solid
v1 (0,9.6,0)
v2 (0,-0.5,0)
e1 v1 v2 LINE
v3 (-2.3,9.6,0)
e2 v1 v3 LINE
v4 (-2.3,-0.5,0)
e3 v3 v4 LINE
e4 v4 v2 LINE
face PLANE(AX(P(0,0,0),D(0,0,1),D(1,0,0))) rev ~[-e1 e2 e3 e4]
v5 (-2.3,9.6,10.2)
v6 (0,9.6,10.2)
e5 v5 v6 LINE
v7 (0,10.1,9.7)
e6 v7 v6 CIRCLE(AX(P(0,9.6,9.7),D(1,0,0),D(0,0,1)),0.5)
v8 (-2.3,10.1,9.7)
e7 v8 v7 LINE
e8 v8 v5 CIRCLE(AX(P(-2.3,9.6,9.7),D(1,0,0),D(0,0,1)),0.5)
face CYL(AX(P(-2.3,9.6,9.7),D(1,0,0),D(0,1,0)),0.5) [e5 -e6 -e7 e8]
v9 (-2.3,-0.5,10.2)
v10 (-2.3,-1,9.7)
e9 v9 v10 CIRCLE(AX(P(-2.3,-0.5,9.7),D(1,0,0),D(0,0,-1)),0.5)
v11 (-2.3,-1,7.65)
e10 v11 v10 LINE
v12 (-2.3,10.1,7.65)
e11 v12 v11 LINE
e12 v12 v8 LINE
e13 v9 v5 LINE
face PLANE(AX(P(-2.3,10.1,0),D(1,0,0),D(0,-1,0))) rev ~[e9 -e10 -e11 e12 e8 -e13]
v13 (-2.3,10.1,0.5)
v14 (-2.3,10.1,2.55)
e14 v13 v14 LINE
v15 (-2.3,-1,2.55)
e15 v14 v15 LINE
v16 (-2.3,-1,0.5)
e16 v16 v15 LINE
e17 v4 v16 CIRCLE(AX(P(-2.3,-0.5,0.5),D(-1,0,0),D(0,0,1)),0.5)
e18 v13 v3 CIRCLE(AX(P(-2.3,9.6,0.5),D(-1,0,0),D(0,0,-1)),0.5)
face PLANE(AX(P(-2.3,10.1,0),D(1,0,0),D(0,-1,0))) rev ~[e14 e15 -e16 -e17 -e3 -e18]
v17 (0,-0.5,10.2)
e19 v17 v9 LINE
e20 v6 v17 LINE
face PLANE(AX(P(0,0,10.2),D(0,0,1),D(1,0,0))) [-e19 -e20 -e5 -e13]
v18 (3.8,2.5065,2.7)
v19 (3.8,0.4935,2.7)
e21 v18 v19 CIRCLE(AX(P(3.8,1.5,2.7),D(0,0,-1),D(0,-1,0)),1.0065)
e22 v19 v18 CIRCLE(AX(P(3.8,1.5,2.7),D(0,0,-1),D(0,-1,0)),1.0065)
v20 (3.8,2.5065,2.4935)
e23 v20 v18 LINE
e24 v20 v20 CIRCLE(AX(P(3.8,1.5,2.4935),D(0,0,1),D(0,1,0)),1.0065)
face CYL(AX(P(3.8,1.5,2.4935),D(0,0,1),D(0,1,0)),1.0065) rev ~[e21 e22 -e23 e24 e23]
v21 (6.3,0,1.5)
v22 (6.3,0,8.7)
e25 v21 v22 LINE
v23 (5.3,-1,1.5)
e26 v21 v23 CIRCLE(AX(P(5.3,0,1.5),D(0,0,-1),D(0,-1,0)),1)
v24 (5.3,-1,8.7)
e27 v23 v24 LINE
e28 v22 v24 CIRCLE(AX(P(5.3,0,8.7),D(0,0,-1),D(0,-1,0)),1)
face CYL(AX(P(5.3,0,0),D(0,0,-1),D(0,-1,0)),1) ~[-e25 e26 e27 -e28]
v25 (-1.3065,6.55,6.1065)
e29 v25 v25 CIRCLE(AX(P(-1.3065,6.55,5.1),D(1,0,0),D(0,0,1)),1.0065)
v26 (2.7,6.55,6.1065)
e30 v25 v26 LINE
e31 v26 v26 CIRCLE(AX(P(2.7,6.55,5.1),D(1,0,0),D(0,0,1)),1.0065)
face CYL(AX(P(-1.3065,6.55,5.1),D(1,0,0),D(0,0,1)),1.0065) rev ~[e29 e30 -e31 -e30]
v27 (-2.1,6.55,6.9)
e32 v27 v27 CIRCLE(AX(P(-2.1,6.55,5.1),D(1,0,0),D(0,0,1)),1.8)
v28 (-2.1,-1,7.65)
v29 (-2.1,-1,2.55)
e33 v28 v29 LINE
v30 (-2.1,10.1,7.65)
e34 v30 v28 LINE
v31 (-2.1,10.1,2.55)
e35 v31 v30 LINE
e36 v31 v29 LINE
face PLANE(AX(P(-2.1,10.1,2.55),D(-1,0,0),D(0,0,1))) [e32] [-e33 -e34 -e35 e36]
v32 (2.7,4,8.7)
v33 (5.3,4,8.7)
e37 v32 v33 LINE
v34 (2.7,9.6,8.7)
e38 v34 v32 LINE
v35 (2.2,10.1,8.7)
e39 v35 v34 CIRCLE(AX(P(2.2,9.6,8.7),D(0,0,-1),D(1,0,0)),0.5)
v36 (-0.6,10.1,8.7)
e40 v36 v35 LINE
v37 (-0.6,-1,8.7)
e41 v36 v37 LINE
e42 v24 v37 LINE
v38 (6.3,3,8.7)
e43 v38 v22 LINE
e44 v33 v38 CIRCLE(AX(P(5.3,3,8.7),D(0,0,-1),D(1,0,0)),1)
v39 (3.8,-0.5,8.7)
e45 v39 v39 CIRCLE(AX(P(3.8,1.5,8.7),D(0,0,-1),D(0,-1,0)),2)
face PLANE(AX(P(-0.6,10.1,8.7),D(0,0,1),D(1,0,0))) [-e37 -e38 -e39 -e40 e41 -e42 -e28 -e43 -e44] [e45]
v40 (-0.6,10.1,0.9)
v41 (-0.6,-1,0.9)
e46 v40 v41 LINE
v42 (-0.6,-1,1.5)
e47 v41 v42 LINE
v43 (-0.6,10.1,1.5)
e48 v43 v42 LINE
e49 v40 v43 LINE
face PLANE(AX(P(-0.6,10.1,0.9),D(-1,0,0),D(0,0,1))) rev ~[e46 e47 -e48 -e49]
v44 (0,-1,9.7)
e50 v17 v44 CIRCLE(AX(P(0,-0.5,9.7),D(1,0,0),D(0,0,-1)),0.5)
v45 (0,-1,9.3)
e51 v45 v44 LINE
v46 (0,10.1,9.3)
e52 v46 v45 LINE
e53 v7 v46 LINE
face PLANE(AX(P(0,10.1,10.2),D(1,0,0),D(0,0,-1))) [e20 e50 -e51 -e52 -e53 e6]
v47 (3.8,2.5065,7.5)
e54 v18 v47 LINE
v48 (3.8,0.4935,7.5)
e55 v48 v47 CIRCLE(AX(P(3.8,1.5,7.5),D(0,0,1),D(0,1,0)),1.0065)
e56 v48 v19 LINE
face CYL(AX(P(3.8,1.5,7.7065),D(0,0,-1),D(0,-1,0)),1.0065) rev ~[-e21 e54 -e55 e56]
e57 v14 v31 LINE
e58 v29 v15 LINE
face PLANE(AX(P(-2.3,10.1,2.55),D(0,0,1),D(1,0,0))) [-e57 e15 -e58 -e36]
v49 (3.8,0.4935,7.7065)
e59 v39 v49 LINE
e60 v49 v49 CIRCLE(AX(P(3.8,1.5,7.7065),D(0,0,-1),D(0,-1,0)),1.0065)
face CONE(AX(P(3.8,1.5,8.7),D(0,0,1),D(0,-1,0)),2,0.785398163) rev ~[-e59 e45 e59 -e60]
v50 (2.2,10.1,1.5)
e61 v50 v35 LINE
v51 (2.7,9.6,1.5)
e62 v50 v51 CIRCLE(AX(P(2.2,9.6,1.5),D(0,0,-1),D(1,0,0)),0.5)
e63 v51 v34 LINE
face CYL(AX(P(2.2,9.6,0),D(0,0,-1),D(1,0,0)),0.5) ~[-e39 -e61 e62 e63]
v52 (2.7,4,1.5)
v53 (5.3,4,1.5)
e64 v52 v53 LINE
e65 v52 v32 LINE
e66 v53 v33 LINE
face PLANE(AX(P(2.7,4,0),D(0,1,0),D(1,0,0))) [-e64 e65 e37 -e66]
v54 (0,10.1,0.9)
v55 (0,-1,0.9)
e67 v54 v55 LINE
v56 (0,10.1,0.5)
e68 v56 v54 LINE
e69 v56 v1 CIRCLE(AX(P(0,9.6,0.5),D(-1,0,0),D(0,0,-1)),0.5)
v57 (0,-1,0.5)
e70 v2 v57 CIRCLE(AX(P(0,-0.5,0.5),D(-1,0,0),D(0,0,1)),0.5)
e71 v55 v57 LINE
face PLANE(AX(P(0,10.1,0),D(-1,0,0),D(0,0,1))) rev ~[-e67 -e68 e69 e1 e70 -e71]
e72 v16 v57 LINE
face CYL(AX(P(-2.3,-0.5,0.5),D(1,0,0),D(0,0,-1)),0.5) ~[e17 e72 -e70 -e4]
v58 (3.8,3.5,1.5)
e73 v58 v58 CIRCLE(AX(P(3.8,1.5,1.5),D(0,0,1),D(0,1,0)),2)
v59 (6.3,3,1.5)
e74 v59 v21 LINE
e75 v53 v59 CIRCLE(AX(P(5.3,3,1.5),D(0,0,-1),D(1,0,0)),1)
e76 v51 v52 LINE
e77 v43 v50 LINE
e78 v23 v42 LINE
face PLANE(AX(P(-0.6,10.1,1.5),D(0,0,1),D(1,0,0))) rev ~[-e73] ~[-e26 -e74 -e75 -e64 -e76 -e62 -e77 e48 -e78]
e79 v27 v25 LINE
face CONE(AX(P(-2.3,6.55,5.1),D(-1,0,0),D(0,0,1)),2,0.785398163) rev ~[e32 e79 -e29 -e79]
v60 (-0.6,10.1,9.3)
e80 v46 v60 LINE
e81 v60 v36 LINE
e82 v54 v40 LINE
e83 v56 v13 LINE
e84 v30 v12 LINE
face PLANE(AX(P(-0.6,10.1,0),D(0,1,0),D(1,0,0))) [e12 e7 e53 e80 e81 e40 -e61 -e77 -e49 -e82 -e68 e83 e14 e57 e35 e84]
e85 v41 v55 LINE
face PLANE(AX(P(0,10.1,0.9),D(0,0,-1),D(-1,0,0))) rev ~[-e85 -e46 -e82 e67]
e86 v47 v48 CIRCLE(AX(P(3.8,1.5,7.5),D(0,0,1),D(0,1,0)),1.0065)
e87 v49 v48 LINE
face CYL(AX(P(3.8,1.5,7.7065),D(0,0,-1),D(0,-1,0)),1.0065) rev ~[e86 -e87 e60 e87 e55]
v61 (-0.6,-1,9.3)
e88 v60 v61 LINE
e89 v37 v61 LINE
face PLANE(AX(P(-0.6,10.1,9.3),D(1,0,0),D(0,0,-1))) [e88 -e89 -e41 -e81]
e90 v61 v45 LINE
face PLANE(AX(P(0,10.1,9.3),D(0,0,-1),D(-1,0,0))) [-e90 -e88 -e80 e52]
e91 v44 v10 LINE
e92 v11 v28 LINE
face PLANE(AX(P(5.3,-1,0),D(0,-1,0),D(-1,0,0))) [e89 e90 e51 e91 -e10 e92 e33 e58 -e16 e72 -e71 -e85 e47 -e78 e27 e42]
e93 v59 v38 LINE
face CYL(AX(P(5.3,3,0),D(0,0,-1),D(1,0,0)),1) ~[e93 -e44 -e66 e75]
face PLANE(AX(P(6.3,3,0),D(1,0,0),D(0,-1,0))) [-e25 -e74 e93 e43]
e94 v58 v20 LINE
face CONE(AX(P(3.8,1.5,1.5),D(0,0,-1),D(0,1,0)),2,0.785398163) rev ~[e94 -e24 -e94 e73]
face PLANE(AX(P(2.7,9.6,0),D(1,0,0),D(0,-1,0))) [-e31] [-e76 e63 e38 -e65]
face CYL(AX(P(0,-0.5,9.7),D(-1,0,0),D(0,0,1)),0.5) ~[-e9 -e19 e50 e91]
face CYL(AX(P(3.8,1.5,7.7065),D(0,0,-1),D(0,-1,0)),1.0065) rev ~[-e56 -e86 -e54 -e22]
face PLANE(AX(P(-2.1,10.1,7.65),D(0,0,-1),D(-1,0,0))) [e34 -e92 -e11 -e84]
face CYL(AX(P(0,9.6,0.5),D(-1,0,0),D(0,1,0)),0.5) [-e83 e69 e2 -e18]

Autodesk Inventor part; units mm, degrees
ref_plane "YZ Plane" through (0, 0, 0) normal (1, 0, 0) x (0, 1, 0)
ref_plane "XZ Plane" through (0, 0, 0) normal (0, 1, 0) x (-1, 0, 0)
ref_plane "XY Plane" through (0, 0, 0) normal (0, 0, 1) x (1, 0, 0)
sketch "Skizze1" plane through (0, 0, 0) normal (0, 0, 1) x (1, 0, 0)
  line L0 (2.7, 9.6) -> (2.7, 4)
  arc A0 (2.7, 9.6) -> (2.2, 10.1) centre (2.2, 9.6) ccw
  line L1 (-0.6, 10.1) -> (2.2, 10.1)
  line L2 (-2.3, 10.1) -> (-0.6, 10.1)
  line L3 (-2.3, 10.1) -> (-2.3, 9.1)
  line L4 (-2.3, 9.1) -> (-2.3, 0)
  line L5 (-2.3, 0) -> (-2.3, -1)
  line L6 (-0.6, -1) -> (-2.3, -1)
  line L7 (-0.6, -0.995) -> (0, -0.995)
  line L8 (5.3, -1) -> (-0.6, -1)
  arc A1 (5.3, -1) -> (6.3, 0) centre (5.3, 0) ccw
  line L9 (6.3, 3) -> (6.3, 0)
  arc A2 (6.3, 3) -> (5.3, 4) centre (5.3, 3) ccw
  line L10 (2.7, 4) -> (5.3, 4)
  point P0 (0, 0)
extrude "Extrusion1" add sketch "Skizze1" along normal blind 10.2
sketch "Skizze2" plane through (-2.3, 10.1, 0) normal (0, 1, 0) x (1, 0, 0)
  line L0 (0, -10.2) -> (4.5, -10.2) projected
  line L1 (0, 0) -> (0, -10.2) projected
  line L2 (2.3, 0) -> (2.3, -0.9)
  line L3 (2.3, -0.9) -> (1.7, -0.9)
  line L4 (1.7, -0.9) -> (1.7, -1.5)
  line L5 (1.7, -1.5) -> (8.6, -1.5)
  line L6 (8.6, 0) -> (8.6, -10.2) projected
  line L7 (2.3, -10.2) -> (2.3, -9.3)
  line L8 (2.3, -9.3) -> (1.7, -9.3)
  line L9 (1.7, -9.3) -> (1.7, -8.7)
  line L10 (1.7, -8.7) -> (8.6, -8.7)
  line L11 (8.6, -1.5) -> (8.6, 0)
  line L12 (2.3, 0) -> (8.6, 0)
  line L13 (2.3, -10.2) -> (8.6, -10.2)
  line L14 (8.6, -8.7) -> (8.6, -10.2)
  dimension "d2" = 0.9
  dimension "d3" = 0.6
  dimension "d4" = 0.9
  dimension "d5" = 0.6
  dimension "d6" = 2.3
  dimension "d7" = 2.3
  dimension "d8" = 1.7
  dimension "d9" = 0.6
  dimension "d10" = 1.7
extrude "Extrusion2" cut sketch "Skizze2" against normal blind 12
sketch "Skizze3" plane through (2.7, 4, 8.7) normal (1, 0, 0) x (0, 0, -1)
  line L0 (0, 5.6) -> (0, 0) projected
  line L1 (7.2, 0) -> (0, 0) projected
  line L2 (7.2, 0) -> (7.2, 5.6) projected
  line L3 (7.2, 5.6) -> (0, 5.6) projected
  line L4 (7.2, 6.1) -> (0, 6.1) projected
  line L5 (-1.5, -5) -> (-1.5, 6.1) projected
  point P0 (8.7, -4)
  point P1 (3.55, 2.55)
  dimension "d13" = 3.55
  dimension "d14" = 5.05
sketch "Skizze4" plane through (-2.3, -1, 0) normal (-1, 0, 0) x (0, 0, 1)
  line L0 (10.2, 0) -> (10.2, 11.1) projected
  line L1 (0, 11.1) -> (10.2, 11.1) projected
  line L2 (0, 0) -> (0, 11.1) projected
  line L3 (10.2, 11.1) -> (10.2, 0) projected
  line L4 (10.2, 0) -> (0, 0) projected
  line L5 (0, 0) -> (0, 11.1) projected
  line L6 (0, 11.1) -> (10.2, 11.1) projected
  line L7 (10.2, 11.1) -> (10.2, 0) projected
  line L8 (10.2, 0) -> (0, 0) projected
  line L9 (0, 0) -> (0, 11.1) projected
  line L10 (0, 11.1) -> (10.2, 11.1) projected
  line L11 (10.2, 0) -> (10.2, 11.1) projected
  line L12 (0, 11.1) -> (10.2, 11.1) projected
  line L13 (0, 0) -> (0, 11.1) projected
  line L14 (0, 0) -> (10.2, 0) projected
  line L15 (8.7, 10.6) -> (8.7, 5) projected
  line L16 (1.5, 5) -> (8.7, 5) projected
  line L17 (1.5, 5) -> (1.5, 10.6) projected
  line L18 (1.5, 10.6) -> (8.7, 10.6) projected
  point P0 (0, 1)
  point P1 (5.1, 7.55)
  dimension "d15" = 3.55
  dimension "d16" = 5.1
  dimension "d17" = 5.1
hole "Hole1" at (-2.3, 6.55, 5.1) direction (1, 0, 0) diameter 2.013 end through all countersink diameter 4 countersink angle 90 thread size "M2.5x0.45" class "6H" standard "ANSI Metric M Profile"
sketch "Skizze5" plane through (2.2, 10.1, 1.5) normal (0, 0, -1) x (-1, 0, 0)
  line L0 (-4.1, -10.1) -> (-4.1, -7.1) projected
  line L1 (2.8, -11.1) -> (-3.1, -11.1) projected
  line L2 (-3.1, -6.1) -> (-0.5, -6.1) projected
  line L3 (2.2, 0) -> (2.2, -11.1) projected
  point P0 (2.2, -10.1)
  point P1 (-1.6, -8.6)
  dimension "d25" = 2.5
  dimension "d26" = 2.5
  dimension "d27" = 2.5
  dimension "d28" = 3.8
sketch "Skizze6" plane through (-0.6, 10.1, 8.7) normal (0, 0, 1) x (1, 0, 0)
  line L0 (6.9, -7.1) -> (6.9, -10.1) projected
  line L1 (3.3, -6.1) -> (5.9, -6.1) projected
  line L2 (0.6, -11.1) -> (0.6, 0) projected
  point P0 (0.6, -10.1)
  point P1 (4.4, -8.6)
  dimension "d29" = 2.5
  dimension "d30" = 2.5
  dimension "d31" = 3.8
hole "Hole2" at (3.8, 1.5, 8.7) direction (0, 0, -1) diameter 2.013 depth 6 tip angle 118 countersink diameter 4 countersink angle 90 thread size "M2.5x0.45" class "6H" standard "ANSI Metric M Profile"
hole "Hole3" at (3.8, 1.5, 1.5) direction (0, 0, 1) diameter 2.013 depth 6 tip angle 118 countersink diameter 4 countersink angle 90 thread size "M2.5x0.45" class "6H" standard "ANSI Metric M Profile"
sketch "Skizze7" plane through (-2.3, 10.1, 10.2) normal (0, 1, 0) x (1, 0, 0)
  line L0 (0, 10.2) -> (2.3, 10.2) projected
  line L1 (0, 10.2) -> (0, 0) projected
  line L2 (0, 0) -> (2.3, 0) projected
  line L3 (0, 7.65) -> (0.2, 7.65)
  line L4 (0.2, 7.65) -> (0.2, 2.55)
  line L5 (0.2, 2.55) -> (0, 2.55)
  line L6 (0, 7.65) -> (0, 2.55)
  dimension "d46" = 2.55
  dimension "d47" = 2.55
  dimension "d48" = 0.2
extrude "Extrusion3" cut sketch "Skizze7" against normal blind 12
fillet "Rundung1" radius 0.5 1 edges at (-1.15, 10.1, 10.2)
fillet "Rundung2" radius 0.5 3 edges at (-1.15, 10.1, 0) (-1.15, -1, 0) (-1.15, -1, 10.2)
properties part number "4. Leiterplattenhalter_Links"
